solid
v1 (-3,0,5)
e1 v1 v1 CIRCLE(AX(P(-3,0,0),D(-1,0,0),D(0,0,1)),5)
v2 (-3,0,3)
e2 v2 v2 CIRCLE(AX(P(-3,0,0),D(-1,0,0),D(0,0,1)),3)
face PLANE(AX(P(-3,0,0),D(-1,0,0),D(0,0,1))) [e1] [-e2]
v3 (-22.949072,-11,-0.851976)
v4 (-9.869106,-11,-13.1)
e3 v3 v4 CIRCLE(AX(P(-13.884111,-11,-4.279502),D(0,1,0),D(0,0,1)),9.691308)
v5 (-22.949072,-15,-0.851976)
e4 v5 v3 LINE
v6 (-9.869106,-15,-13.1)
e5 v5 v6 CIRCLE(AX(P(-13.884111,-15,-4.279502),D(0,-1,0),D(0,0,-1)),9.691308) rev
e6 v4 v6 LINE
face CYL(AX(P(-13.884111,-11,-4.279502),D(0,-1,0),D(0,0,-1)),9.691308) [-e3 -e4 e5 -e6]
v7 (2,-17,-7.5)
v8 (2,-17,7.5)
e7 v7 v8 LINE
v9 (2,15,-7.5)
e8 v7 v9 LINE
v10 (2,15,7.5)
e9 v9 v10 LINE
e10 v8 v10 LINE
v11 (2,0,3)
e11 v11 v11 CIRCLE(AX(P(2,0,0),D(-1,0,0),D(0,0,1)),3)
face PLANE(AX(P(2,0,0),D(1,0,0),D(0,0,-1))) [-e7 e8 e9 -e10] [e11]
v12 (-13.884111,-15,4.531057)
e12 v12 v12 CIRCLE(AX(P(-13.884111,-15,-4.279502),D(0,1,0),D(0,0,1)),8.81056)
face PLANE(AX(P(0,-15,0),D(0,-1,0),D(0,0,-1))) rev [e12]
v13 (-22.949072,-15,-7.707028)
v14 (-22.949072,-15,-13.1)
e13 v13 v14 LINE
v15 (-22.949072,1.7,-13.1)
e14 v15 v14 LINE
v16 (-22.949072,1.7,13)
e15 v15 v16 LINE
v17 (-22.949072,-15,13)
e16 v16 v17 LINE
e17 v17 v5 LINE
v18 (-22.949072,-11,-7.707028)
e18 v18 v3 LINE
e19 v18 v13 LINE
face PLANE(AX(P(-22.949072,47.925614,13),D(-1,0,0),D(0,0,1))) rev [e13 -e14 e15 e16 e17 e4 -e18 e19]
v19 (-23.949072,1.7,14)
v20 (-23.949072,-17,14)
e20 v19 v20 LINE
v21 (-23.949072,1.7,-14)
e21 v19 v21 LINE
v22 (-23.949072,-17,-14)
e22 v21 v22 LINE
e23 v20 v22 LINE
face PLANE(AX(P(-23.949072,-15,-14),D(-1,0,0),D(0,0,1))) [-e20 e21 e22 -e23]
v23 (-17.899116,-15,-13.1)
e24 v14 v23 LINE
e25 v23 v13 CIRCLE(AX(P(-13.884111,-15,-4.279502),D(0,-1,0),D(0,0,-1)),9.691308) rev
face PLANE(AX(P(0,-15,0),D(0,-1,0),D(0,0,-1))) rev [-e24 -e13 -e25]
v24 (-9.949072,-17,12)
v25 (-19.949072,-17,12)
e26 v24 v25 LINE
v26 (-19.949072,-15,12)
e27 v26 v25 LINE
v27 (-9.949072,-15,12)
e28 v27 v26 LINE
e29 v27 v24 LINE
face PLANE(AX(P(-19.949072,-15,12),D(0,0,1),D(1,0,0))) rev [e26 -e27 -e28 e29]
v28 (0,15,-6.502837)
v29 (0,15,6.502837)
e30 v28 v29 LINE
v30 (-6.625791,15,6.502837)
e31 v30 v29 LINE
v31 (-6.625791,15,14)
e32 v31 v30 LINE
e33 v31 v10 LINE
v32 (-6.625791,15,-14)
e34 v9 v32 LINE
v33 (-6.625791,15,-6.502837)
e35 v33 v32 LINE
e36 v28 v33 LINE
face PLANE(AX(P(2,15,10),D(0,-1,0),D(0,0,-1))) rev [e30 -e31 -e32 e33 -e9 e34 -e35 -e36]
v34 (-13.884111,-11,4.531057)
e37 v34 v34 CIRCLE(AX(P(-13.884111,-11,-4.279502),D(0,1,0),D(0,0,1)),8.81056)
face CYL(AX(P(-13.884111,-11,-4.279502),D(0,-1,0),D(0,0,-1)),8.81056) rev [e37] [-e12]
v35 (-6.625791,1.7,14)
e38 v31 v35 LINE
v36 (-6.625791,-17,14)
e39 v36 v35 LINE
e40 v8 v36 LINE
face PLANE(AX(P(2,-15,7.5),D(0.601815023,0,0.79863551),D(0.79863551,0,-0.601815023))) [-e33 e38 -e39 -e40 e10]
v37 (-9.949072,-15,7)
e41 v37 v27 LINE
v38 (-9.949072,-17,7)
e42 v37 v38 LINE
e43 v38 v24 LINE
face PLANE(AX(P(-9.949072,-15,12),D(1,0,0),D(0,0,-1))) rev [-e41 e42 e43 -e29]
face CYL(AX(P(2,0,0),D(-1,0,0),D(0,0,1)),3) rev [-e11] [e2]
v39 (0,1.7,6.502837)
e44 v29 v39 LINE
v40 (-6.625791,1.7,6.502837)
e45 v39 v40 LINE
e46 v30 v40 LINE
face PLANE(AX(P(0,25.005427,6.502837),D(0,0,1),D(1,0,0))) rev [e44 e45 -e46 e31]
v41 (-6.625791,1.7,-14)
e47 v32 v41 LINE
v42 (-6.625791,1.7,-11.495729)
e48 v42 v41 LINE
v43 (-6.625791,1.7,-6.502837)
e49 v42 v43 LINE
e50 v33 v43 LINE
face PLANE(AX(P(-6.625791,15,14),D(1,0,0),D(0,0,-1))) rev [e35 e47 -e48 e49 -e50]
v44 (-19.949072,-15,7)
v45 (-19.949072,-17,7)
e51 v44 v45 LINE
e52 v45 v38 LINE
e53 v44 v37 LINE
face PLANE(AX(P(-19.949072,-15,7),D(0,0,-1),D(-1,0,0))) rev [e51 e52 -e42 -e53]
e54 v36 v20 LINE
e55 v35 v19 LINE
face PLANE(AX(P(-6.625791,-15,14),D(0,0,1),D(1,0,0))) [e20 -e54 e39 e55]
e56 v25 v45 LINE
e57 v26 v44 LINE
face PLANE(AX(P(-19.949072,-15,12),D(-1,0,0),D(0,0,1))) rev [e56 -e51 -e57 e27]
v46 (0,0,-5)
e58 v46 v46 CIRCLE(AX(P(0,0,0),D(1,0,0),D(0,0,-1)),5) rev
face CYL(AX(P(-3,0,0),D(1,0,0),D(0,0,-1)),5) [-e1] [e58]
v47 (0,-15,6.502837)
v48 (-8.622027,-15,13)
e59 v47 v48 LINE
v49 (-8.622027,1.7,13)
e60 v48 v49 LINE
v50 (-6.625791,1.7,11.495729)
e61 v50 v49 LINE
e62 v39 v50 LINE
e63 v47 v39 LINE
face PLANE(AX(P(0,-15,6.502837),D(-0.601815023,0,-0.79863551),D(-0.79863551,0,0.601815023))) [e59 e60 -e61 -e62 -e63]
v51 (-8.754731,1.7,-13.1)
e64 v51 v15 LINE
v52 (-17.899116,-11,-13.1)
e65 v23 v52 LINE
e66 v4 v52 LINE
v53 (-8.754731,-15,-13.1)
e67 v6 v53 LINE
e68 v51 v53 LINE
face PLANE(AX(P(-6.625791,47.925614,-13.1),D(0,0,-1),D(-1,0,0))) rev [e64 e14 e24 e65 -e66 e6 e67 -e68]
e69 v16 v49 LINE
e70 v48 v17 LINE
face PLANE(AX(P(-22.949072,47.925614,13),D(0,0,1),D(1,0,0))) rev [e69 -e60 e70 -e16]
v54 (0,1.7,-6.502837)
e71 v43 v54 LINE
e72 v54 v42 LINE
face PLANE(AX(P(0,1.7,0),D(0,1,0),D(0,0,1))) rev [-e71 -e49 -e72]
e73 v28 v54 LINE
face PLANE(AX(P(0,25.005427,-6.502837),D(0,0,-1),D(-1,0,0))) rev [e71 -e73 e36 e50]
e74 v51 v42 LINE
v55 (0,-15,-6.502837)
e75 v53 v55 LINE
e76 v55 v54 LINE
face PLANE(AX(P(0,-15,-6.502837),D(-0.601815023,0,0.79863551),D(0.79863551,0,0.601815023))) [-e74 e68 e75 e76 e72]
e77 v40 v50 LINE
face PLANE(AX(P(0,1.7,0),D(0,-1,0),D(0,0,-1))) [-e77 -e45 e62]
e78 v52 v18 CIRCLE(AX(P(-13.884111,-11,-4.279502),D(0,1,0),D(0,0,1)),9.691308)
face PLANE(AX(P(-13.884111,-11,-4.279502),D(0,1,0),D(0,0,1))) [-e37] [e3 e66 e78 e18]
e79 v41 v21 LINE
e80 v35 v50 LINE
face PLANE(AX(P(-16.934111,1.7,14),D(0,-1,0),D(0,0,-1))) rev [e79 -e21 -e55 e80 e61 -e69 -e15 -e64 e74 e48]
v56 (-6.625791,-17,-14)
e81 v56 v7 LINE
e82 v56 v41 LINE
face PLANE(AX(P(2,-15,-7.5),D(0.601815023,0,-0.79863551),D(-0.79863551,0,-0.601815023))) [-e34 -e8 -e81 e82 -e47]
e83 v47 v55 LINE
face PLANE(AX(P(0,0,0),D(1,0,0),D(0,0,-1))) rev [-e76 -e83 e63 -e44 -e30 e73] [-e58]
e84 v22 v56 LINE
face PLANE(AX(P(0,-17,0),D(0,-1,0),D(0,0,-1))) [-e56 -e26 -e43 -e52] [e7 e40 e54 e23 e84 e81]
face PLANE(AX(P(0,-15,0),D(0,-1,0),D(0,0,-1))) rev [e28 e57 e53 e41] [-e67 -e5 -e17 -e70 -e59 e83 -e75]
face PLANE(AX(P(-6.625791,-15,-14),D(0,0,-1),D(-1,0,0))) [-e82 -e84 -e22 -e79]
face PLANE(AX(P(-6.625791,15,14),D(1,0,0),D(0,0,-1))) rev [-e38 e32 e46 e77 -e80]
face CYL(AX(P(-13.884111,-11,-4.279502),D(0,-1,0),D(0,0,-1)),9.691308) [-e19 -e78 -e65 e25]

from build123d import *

# Parameters (mm, degrees)
SKETCH1_W           = 20
SKETCH1_H           = 30
BOSS_EXTRUDE1_DEPTH = 2
SKETCH2_R           = 3
CUT_EXTRUDE1_DEPTH  = 2
SKETCH4_W           = 2
SKETCH4_H           = 2.5
CUT_EXTRUDE2_DEPTH  = 32.685959036
BOSS_EXTRUDE2_DEPTH = 30
BOSS_EXTRUDE3_START = 3
SKETCH6_R           = 5
SKETCH6_R_2         = 3
BOSS_EXTRUDE3_DEPTH = 3
BOSS_EXTRUDE4_DEPTH = 2
SKETCH8_W           = 14
SKETCH8_H           = 28
BOSS_EXTRUDE5_DEPTH = 2
SKETCH9_R           = 9.691307823
SKETCH9_R_2         = 8.81055964
BOSS_EXTRUDE6_DEPTH = 4
BOSS_EXTRUDE7_DEPTH = 30
CUT_EXTRUDE3_DEPTH  = 41.577802203
BOSS_EXTRUDE8_DEPTH = 13.3
SKETCH17_W          = 10
SKETCH17_H          = 5
CUT_EXTRUDE5_DEPTH  = 2


with BuildPart() as part:
    # Sketch1 → Boss-Extrude1 (new body)
    with BuildSketch(Plane(origin=(0, 0, 0), x_dir=(0, 0, -1), z_dir=(1, 0, 0))):
        Rectangle(SKETCH1_W, SKETCH1_H)
    extrude(amount=BOSS_EXTRUDE1_DEPTH)

    # Sketch2 → Cut-Extrude1 (cut)
    with BuildSketch(Plane.ZY):
        Circle(SKETCH2_R)
    extrude(amount=-CUT_EXTRUDE1_DEPTH, mode=Mode.SUBTRACT)

    # Sketch4 → Cut-Extrude2 (cut, through all)
    with BuildSketch(Plane(origin=(0, 15, 0), x_dir=(1, 0, 0), z_dir=(0, 1, 0))):
        with Locations((1, 8.75)):
            Rectangle(SKETCH4_W, SKETCH4_H)
        with Locations((1, -8.75)):
            Rectangle(SKETCH4_W, SKETCH4_H)
    extrude(amount=-CUT_EXTRUDE2_DEPTH, mode=Mode.SUBTRACT)

    # Sketch5 → Boss-Extrude2 (add, through all)
    with BuildSketch(Plane(origin=(0, 15, 0), x_dir=(1, 0, 0), z_dir=(0, 1, 0))):
        Polygon((2, 7.5), (-6.625791341, 14), (-9.949071623, 14), (0, 6.502836784), align=None)
        Polygon((-6.625791341, -14), (-9.949071623, -14), (0, -6.502836784), (2, -7.5), align=None)
    extrude(amount=-BOSS_EXTRUDE2_DEPTH)

    # Sketch6 → Boss-Extrude3 (add)
    with BuildSketch(Plane.ZY.offset(BOSS_EXTRUDE3_START)):
        with Locations(Location((0, 0, 0), (0, 0, 180))):
            Circle(SKETCH6_R)
        Circle(SKETCH6_R_2, mode=Mode.SUBTRACT)
    extrude(amount=-BOSS_EXTRUDE3_DEPTH)

    # Sketch7 → Boss-Extrude4 (add)
    with BuildSketch(Plane.XZ.offset(15)):
        Polygon((-9.949071623, 14), (-6.625791341, 14), (2, 7.5), (2, -7.5), (-6.625791341, -14), (-9.949071623, -14), align=None)
    extrude(amount=BOSS_EXTRUDE4_DEPTH)

    # Sketch8 → Boss-Extrude5 (add)
    with BuildSketch(Plane.XZ.offset(17)):
        with Locations((-16.949071623, 0)):
            Rectangle(SKETCH8_W, SKETCH8_H)
    extrude(amount=-BOSS_EXTRUDE5_DEPTH)

    # Sketch9 → Boss-Extrude6 (add)
    with BuildSketch(Plane(origin=(0, -15, 0), x_dir=(1, 0, 0), z_dir=(0, 1, 0))):
        with Locations(Location((-13.884110901, 4.279502294, 0), (0, 0, 90))):
            Circle(SKETCH9_R)
        with Locations(Location((-13.884110901, 4.279502294, 0), (0, 0, 270))):
            Circle(SKETCH9_R_2, mode=Mode.SUBTRACT)
    extrude(amount=BOSS_EXTRUDE6_DEPTH)

    # Sketch10 → Boss-Extrude7 (add)
    with BuildSketch(Plane(origin=(0, -15, 0), x_dir=(1, 0, 0), z_dir=(0, 1, 0))):
        Polygon((-6.625791341, -14), (-6.625791341, -13), (-7.754589709, -13), (-22.949071623, -13), (-22.949071623, 13.1), (-7.754589709, 13.1), (-6.625791341, 13.1), (-6.625791341, 14), (-23.949071623, 14), (-23.949071623, -14), align=None)
    extrude(amount=BOSS_EXTRUDE7_DEPTH)

    # Sketch11 → Cut-Extrude3 (cut, through all)
    with BuildSketch(Plane(origin=(0, 0, -14), x_dir=(-1, 0, 0), z_dir=(0, 0, -1))):
        Polygon((16.934110901, 1.7), (23.949071623, 1.7), (23.949071623, 15), (6.625791341, 15), (6.625791341, 1.7), align=None)
    extrude(amount=-CUT_EXTRUDE3_DEPTH, mode=Mode.SUBTRACT)

    # Sketch13 → Boss-Extrude8 (add)
    with BuildSketch(Plane(origin=(0, 1.7, 0), x_dir=(1, 0, 0), z_dir=(0, 1, 0))):
        Polygon((-6.625791341, -14), (-6.625791341, -6.502836784), (0, -6.502836784), (0, -9.0071081), align=None)
        Polygon((0, 9.0071081), (-6.625791341, 14), (-6.625791341, 6.502836784), (0, 6.502836784), align=None)
    extrude(amount=BOSS_EXTRUDE8_DEPTH)

    # Sketch17 → Cut-Extrude5 (cut)
    with BuildSketch(Plane.XZ.offset(17)):
        with Locations((-14.949071623, 9.5)):
            Rectangle(SKETCH17_W, SKETCH17_H)
    extrude(amount=-CUT_EXTRUDE5_DEPTH, mode=Mode.SUBTRACT)


solid = part.part
